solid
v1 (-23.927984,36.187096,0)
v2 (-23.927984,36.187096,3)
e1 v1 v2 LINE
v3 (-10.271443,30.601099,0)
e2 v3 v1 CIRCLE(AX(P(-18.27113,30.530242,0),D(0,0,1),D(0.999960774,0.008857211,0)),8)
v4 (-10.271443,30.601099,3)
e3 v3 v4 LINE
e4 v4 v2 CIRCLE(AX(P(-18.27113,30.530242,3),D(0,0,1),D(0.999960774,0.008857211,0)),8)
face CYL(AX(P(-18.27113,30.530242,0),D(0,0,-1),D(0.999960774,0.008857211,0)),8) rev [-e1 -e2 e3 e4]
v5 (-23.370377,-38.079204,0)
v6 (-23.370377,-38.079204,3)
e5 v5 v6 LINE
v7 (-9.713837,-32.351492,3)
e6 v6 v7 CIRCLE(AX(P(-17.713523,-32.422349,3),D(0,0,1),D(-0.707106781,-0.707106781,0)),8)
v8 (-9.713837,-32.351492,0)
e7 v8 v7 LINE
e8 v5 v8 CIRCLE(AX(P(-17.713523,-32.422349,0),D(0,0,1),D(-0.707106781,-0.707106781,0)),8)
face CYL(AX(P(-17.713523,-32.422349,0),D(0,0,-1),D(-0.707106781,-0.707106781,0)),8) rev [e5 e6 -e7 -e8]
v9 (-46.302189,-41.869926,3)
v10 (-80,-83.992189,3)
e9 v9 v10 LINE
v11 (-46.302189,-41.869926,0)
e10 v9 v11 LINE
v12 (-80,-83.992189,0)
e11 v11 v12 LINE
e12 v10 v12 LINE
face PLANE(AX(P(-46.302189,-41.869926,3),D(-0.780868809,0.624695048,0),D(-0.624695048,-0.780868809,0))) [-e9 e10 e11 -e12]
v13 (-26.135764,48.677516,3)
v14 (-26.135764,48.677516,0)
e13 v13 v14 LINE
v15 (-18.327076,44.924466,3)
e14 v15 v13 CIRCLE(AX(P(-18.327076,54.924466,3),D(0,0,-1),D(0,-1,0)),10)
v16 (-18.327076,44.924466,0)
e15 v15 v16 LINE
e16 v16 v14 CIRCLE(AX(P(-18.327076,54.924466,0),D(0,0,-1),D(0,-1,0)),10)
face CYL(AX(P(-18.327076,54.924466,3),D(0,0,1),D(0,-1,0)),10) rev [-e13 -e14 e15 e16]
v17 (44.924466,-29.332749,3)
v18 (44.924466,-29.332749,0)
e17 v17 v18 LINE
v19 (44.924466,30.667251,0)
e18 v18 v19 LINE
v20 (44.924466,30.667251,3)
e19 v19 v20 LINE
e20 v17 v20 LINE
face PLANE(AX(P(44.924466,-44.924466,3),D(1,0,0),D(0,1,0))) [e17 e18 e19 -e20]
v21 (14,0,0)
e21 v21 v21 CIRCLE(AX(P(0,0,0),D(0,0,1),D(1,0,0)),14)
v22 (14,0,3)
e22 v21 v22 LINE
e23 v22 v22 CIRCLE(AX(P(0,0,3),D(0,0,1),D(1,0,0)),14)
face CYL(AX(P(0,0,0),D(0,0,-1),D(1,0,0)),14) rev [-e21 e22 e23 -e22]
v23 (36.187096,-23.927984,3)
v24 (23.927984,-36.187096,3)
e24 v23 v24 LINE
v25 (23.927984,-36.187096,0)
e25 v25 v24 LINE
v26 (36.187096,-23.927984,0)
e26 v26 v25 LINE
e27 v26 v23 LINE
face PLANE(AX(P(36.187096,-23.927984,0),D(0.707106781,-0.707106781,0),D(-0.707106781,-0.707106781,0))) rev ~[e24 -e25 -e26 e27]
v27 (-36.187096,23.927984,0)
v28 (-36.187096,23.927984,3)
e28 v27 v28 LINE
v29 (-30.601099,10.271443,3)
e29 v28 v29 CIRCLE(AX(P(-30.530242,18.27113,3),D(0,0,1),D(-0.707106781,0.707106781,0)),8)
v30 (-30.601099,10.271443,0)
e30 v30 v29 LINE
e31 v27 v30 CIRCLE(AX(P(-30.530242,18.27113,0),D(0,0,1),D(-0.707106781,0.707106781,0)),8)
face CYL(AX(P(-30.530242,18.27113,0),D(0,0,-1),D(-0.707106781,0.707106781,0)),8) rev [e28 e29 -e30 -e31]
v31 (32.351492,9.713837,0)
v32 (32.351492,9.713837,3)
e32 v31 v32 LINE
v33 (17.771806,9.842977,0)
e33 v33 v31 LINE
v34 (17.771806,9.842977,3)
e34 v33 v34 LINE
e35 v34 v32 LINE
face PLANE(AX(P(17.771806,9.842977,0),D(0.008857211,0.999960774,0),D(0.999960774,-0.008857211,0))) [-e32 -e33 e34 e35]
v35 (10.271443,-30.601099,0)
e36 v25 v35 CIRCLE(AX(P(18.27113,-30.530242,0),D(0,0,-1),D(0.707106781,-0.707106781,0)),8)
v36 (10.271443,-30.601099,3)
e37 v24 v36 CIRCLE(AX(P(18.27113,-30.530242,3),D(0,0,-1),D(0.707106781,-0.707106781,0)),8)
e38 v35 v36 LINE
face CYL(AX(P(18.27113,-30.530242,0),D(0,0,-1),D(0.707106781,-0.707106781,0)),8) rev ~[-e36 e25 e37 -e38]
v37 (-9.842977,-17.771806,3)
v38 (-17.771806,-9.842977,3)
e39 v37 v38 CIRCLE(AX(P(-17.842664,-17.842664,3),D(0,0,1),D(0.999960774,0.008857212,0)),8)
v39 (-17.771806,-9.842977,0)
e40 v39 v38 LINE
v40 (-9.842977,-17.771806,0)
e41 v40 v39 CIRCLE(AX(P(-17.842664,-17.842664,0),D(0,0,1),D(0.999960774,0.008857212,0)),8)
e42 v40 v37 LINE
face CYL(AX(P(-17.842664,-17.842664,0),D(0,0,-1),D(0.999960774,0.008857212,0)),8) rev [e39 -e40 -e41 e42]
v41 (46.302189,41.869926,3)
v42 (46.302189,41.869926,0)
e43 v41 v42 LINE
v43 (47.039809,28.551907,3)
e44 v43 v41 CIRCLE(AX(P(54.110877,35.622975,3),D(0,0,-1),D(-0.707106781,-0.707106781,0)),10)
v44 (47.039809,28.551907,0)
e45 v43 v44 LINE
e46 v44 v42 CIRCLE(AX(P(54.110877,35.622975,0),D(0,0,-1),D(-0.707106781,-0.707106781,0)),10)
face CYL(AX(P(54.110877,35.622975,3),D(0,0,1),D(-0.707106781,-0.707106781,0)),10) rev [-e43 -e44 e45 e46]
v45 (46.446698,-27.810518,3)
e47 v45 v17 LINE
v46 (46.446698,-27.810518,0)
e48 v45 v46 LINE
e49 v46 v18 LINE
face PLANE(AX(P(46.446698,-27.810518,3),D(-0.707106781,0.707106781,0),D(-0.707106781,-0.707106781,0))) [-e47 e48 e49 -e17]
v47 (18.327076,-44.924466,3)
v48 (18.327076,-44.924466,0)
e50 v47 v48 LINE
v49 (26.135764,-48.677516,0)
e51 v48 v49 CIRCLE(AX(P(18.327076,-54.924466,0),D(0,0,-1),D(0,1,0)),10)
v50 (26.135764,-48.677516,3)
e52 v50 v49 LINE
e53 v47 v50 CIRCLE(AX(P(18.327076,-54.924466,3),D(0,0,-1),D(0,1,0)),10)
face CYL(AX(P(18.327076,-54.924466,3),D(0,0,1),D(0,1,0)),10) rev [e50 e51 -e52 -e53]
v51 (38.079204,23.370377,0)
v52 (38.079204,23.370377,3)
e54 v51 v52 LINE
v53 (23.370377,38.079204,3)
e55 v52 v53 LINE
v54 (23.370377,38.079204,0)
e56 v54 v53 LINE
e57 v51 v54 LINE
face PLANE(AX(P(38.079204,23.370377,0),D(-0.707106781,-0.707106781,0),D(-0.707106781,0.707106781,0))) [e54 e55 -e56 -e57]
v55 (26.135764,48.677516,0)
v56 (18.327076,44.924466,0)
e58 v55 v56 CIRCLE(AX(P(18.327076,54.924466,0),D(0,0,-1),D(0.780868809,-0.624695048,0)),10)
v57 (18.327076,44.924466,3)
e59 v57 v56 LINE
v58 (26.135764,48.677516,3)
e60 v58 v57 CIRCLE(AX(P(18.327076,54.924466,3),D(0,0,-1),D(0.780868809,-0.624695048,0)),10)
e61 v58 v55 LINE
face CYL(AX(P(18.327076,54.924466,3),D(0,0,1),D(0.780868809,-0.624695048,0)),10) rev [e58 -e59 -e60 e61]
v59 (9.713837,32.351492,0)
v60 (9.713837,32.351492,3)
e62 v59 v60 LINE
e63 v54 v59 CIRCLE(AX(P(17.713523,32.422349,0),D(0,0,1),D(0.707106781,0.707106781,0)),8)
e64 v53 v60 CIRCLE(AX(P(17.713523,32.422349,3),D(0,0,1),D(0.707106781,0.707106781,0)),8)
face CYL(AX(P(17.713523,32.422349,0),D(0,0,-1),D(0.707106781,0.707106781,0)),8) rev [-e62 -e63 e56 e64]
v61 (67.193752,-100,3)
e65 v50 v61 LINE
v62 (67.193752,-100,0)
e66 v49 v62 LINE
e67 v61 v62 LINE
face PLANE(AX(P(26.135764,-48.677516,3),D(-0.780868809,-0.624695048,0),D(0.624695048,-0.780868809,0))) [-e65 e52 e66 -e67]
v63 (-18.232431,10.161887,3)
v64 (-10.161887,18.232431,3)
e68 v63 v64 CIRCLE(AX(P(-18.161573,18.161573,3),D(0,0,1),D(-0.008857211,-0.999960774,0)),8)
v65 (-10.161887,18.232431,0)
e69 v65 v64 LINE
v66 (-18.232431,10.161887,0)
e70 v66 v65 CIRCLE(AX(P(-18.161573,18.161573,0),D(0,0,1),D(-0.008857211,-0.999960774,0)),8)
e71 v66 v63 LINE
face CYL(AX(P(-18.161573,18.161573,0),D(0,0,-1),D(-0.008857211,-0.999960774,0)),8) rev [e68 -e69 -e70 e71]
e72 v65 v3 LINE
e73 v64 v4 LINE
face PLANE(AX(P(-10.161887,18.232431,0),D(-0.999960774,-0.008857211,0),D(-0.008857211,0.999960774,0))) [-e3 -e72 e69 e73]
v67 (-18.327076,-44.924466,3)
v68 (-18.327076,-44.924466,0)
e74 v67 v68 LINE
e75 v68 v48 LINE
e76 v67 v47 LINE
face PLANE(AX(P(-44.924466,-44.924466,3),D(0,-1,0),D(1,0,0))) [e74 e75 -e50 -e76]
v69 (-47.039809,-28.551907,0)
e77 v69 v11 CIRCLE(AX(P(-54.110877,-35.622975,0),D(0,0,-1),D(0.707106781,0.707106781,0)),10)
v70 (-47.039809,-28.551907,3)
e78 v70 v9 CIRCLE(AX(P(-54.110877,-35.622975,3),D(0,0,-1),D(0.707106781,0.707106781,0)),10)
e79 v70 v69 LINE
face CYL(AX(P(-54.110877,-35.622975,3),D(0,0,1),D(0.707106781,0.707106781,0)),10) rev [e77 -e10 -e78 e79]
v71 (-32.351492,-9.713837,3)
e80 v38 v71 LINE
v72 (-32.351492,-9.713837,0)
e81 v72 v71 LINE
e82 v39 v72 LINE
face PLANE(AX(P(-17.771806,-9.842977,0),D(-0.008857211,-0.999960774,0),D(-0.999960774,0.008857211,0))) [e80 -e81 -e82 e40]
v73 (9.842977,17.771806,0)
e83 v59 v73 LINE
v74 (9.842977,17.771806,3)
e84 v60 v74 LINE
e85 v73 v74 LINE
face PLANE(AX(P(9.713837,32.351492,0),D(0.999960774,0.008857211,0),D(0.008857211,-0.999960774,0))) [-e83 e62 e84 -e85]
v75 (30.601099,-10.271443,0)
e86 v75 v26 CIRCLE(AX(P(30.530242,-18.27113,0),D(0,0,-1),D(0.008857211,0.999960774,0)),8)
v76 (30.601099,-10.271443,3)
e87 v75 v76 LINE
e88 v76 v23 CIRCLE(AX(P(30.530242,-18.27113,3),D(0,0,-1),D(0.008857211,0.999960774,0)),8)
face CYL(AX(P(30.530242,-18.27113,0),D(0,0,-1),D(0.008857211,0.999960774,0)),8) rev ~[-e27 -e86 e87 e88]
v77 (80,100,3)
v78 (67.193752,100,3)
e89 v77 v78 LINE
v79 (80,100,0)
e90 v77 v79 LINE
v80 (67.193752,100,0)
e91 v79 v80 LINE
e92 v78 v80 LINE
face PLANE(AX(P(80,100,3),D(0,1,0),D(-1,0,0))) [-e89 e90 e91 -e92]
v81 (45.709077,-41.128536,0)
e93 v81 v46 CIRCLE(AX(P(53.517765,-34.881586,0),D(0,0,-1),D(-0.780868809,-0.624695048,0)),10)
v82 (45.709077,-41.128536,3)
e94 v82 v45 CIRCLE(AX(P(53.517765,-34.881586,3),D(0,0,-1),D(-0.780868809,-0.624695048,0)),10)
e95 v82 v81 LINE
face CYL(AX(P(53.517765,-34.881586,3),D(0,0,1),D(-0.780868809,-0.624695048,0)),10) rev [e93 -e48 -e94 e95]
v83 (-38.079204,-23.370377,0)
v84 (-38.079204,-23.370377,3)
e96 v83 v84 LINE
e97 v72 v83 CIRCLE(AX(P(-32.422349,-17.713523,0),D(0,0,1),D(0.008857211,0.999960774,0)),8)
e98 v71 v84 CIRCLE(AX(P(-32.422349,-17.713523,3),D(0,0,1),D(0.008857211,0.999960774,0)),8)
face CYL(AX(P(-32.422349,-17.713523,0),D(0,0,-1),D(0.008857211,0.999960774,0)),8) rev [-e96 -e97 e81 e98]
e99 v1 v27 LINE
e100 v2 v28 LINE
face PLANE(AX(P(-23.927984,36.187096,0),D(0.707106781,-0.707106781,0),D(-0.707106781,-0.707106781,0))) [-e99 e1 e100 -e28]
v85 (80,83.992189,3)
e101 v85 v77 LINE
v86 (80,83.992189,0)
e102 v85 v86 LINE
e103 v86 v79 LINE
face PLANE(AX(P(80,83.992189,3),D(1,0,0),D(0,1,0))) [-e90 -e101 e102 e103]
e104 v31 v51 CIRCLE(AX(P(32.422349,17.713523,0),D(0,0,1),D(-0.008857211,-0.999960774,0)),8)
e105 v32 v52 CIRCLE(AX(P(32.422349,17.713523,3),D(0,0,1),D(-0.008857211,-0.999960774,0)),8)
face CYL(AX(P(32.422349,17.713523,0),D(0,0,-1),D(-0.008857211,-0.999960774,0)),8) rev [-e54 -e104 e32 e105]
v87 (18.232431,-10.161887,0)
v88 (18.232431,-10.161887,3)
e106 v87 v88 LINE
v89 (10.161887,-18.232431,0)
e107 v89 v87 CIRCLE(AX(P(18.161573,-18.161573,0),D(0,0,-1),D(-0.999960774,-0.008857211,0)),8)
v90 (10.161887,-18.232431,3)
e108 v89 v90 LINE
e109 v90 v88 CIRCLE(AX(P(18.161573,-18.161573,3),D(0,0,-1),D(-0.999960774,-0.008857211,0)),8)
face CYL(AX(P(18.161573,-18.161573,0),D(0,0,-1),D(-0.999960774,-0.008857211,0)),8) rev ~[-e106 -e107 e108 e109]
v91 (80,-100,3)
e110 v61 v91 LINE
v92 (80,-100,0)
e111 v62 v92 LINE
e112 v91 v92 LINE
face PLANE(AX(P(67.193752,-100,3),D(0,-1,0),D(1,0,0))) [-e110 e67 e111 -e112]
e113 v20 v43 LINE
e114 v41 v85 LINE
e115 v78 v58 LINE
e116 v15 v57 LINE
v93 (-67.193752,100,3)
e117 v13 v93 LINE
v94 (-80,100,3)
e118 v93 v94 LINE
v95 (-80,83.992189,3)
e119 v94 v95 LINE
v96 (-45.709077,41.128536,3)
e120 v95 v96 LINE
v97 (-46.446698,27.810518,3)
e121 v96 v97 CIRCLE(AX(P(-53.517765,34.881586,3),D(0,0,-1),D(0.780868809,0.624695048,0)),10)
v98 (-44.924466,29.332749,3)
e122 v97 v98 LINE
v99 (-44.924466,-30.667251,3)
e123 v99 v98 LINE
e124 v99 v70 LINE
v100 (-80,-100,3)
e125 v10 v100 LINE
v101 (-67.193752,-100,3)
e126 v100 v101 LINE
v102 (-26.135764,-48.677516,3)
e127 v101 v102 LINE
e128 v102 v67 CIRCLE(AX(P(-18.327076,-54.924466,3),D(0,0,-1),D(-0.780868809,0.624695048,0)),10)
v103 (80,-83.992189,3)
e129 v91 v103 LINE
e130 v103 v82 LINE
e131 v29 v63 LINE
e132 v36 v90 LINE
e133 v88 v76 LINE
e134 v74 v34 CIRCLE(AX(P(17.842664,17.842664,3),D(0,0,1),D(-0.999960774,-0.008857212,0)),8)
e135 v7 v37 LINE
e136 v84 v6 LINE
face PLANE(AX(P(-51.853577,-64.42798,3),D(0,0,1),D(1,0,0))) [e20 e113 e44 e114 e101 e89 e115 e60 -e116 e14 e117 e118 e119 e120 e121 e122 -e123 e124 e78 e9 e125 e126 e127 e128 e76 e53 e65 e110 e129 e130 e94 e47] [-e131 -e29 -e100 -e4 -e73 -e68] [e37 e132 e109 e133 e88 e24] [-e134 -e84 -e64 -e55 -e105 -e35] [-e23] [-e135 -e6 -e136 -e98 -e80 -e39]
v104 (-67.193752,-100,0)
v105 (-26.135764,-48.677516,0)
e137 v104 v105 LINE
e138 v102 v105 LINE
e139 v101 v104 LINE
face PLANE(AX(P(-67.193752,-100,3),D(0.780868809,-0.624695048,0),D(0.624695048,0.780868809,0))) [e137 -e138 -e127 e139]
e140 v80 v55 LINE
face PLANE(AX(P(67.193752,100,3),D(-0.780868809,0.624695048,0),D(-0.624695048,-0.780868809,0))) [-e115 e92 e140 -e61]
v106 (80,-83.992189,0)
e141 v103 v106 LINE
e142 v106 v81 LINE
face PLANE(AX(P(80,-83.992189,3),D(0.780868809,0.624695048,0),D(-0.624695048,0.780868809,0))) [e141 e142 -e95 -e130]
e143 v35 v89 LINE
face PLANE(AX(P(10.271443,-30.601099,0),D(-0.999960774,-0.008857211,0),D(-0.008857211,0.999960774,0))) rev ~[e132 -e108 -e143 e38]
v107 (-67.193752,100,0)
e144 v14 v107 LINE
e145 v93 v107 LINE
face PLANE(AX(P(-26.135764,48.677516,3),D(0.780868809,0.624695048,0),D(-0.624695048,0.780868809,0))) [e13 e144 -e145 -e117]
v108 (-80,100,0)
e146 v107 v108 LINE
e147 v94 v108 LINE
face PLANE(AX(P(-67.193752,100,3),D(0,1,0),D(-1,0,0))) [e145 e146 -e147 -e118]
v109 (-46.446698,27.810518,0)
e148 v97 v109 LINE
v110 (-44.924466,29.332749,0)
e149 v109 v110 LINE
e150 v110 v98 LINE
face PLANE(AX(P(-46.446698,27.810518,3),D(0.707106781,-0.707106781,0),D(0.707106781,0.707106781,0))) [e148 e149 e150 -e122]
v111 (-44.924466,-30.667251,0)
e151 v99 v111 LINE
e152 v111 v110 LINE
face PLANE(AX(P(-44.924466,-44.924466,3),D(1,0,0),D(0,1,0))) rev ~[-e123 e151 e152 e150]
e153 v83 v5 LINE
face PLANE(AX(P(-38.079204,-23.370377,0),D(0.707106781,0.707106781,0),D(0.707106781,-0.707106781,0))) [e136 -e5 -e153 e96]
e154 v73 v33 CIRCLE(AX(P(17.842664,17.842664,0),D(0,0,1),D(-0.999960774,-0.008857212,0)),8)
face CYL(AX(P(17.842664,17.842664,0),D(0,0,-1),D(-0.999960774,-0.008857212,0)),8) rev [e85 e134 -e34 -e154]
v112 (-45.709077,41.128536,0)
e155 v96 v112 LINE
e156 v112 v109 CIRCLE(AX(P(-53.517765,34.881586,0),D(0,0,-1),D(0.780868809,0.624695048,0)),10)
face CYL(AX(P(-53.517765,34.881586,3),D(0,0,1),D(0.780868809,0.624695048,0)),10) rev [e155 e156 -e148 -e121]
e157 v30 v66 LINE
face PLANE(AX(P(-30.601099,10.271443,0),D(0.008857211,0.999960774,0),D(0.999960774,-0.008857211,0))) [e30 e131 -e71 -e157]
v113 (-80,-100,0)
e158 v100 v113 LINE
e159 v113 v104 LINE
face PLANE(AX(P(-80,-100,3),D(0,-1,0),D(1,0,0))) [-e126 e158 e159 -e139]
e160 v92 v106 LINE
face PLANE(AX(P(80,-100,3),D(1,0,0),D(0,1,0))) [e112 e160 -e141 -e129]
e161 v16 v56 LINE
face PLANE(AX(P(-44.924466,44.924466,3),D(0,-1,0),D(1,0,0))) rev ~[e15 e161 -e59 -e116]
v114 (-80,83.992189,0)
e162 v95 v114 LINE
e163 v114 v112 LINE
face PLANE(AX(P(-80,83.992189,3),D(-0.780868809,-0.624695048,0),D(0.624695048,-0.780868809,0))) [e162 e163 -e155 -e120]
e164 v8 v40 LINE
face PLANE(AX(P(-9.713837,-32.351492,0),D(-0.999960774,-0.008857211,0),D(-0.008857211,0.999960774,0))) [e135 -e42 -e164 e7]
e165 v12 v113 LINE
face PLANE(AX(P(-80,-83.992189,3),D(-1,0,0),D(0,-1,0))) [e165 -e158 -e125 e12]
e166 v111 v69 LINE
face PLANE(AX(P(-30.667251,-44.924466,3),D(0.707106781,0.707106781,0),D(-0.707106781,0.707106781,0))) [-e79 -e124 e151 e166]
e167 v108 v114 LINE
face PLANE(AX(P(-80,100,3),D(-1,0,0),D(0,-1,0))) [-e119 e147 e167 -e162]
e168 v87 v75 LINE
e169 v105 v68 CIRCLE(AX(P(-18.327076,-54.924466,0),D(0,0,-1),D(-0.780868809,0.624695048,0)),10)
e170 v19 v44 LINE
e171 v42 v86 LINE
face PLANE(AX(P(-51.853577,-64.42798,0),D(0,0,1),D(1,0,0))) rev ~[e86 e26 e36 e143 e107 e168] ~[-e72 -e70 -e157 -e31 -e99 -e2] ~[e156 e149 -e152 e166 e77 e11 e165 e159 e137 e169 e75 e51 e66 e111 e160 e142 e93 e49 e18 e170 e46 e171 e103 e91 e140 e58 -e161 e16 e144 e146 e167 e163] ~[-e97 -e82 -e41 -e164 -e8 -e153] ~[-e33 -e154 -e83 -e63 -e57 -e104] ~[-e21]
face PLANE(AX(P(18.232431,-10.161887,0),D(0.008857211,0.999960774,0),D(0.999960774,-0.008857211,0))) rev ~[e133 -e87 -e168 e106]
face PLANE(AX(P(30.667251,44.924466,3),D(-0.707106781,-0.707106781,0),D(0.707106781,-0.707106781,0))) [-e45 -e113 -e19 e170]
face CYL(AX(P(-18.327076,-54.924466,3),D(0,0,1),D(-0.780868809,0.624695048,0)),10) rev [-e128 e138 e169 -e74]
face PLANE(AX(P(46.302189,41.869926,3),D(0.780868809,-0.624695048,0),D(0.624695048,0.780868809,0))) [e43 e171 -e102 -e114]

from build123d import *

# Parameters (mm, degrees)
SKETCH1_R           = 14
BOSS_EXTRUDE1_DEPTH = 3
SKETCH2_OUTSIDE_W   = 194.236
SKETCH2_OUTSIDE_H   = 194.236
SKETCH2_OUTSIDE_W_2 = 89.848932168
SKETCH2_OUTSIDE_H_2 = 89.848932168
CUT_EXTRUDE1_DEPTH  = 3
BOSS_EXTRUDE2_DEPTH = 3


with BuildPart() as part:
    # Sketch1 → Boss-Extrude1 (new body)
    with BuildSketch(Plane.XY):
        Polygon((0.667250758, 74.924466084), (-74.924466084, -0.667250758), (-0.667250758, -74.924466084), (74.924466084, 0.667250758), align=None)
        Circle(SKETCH1_R, mode=Mode.SUBTRACT)
        with BuildLine():
            Line((36.187095947, -23.927983755), (23.927983755, -36.187095947))
            ThreePointArc((23.927983755, -36.187095947), (15.242424375, -37.934763642), (10.271443313, -30.601099389))
            Line((10.271443313, -30.601099389), (10.161887104, -18.232430989))
            ThreePointArc((10.161887104, -18.232430989), (12.504719048, -12.504719048), (18.232430989, -10.161887104))
            Line((18.232430989, -10.161887104), (30.601099389, -10.271443313))
            ThreePointArc((30.601099389, -10.271443313), (37.934763642, -15.242424375), (36.187095947, -23.927983755))
        make_face(mode=Mode.SUBTRACT)
        with BuildLine():
            Line((-23.927983755, 36.187095947), (-36.187095947, 23.927983755))
            ThreePointArc((-36.187095947, 23.927983755), (-37.934763642, 15.242424375), (-30.601099389, 10.271443313))
            Line((-30.601099389, 10.271443313), (-18.232430989, 10.161887104))
            ThreePointArc((-18.232430989, 10.161887104), (-12.504719048, 12.504719048), (-10.161887104, 18.232430989))
            Line((-10.161887104, 18.232430989), (-10.271443313, 30.601099389))
            ThreePointArc((-10.271443313, 30.601099389), (-15.242424375, 37.934763642), (-23.927983755, 36.187095947))
        make_face(mode=Mode.SUBTRACT)
        with BuildLine():
            Line((-38.079203745, -23.370377474), (-23.370377474, -38.079203745))
            ThreePointArc((-23.370377474, -38.079203745), (-14.619353482, -39.79975511), (-9.713837032, -32.351491804))
            Line((-9.713837032, -32.351491804), (-9.842977457, -17.771805959))
            ThreePointArc((-9.842977457, -17.771805959), (-12.185809401, -12.185809401), (-17.771805959, -9.842977457))
            Line((-17.771805959, -9.842977457), (-32.351491804, -9.713837032))
            ThreePointArc((-32.351491804, -9.713837032), (-39.79975511, -14.619353482), (-38.079203745, -23.370377474))
        make_face(mode=Mode.SUBTRACT)
        with BuildLine():
            Line((9.713837032, 32.351491804), (9.842977457, 17.771805959))
            ThreePointArc((9.842977457, 17.771805959), (12.185809401, 12.185809401), (17.771805959, 9.842977457))
            Line((17.771805959, 9.842977457), (32.351491804, 9.713837032))
            ThreePointArc((32.351491804, 9.713837032), (39.79975511, 14.619353482), (38.079203745, 23.370377474))
            Line((38.079203745, 23.370377474), (23.370377474, 38.079203745))
            ThreePointArc((23.370377474, 38.079203745), (14.619353482, 39.79975511), (9.713837032, 32.351491804))
        make_face(mode=Mode.SUBTRACT)
    extrude(amount=BOSS_EXTRUDE1_DEPTH)

    # Sketch2 outside → Cut-Extrude1 (cut)
    with BuildSketch(Plane.XY.offset(3)):
        Rectangle(SKETCH2_OUTSIDE_W, SKETCH2_OUTSIDE_H)
        Rectangle(SKETCH2_OUTSIDE_W_2, SKETCH2_OUTSIDE_H_2, mode=Mode.SUBTRACT)
    extrude(amount=-CUT_EXTRUDE1_DEPTH, mode=Mode.SUBTRACT)

    # Sketch3 → Boss-Extrude2 (add)
    with BuildSketch(Plane.XY.offset(3)):
        with BuildLine():
            Line((-80, -100), (-67.193751525, -100))
            Line((-67.193751525, -100), (-26.135764012, -48.677515609))
            ThreePointArc((-26.135764012, -48.677515609), (-22.658963222, -45.911433721), (-18.327075918, -44.924466084))
            Line((-18.327075918, -44.924466084), (-30.667250758, -44.924466084))
            Line((-30.667250758, -44.924466084), (-47.039809367, -28.551907475))
            ThreePointArc((-47.039809367, -28.551907475), (-44.126179551, -35.06997143), (-46.302189085, -41.869925762))
            Line((-46.302189085, -41.869925762), (-80, -83.992189406))
            Line((-80, -83.992189406), (-80, -100))
        make_face()
        with BuildLine():
            Line((29.332749242, -44.924466084), (18.327075918, -44.924466084))
            ThreePointArc((18.327075918, -44.924466084), (22.658963222, -45.911433721), (26.135764012, -48.677515609))
            Line((26.135764012, -48.677515609), (67.193751525, -100))
            Line((67.193751525, -100), (80, -100))
            Line((80, -100), (80, -83.992189406))
            Line((80, -83.992189406), (45.7090773, -41.128536031))
            ThreePointArc((45.7090773, -41.128536031), (43.533067766, -34.328581698), (46.446697582, -27.810517744))
            Line((46.446697582, -27.810517744), (29.332749242, -44.924466084))
        make_face()
        with BuildLine():
            Line((-46.446697582, 27.810517744), (-29.332749242, 44.924466084))
            Line((-29.332749242, 44.924466084), (-18.327075918, 44.924466084))
            ThreePointArc((-18.327075918, 44.924466084), (-22.658963222, 45.911433721), (-26.135764012, 48.677515609))
            Line((-26.135764012, 48.677515609), (-67.193751525, 100))
            Line((-67.193751525, 100), (-80, 100))
            Line((-80, 100), (-80, 83.992189406))
            Line((-80, 83.992189406), (-45.7090773, 41.128536031))
            ThreePointArc((-45.7090773, 41.128536031), (-43.533067766, 34.328581698), (-46.446697582, 27.810517744))
        make_face()
        with BuildLine():
            Line((30.667250758, 44.924466084), (47.039809367, 28.551907475))
            ThreePointArc((47.039809367, 28.551907475), (44.126179551, 35.06997143), (46.302189085, 41.869925762))
            Line((46.302189085, 41.869925762), (80, 83.992189406))
            Line((80, 83.992189406), (80, 100))
            Line((80, 100), (67.193751525, 100))
            Line((67.193751525, 100), (26.135764012, 48.677515609))
            ThreePointArc((26.135764012, 48.677515609), (22.658963222, 45.911433721), (18.327075918, 44.924466084))
            Line((18.327075918, 44.924466084), (30.667250758, 44.924466084))
        make_face()
    extrude(amount=-BOSS_EXTRUDE2_DEPTH)


solid = part.part
